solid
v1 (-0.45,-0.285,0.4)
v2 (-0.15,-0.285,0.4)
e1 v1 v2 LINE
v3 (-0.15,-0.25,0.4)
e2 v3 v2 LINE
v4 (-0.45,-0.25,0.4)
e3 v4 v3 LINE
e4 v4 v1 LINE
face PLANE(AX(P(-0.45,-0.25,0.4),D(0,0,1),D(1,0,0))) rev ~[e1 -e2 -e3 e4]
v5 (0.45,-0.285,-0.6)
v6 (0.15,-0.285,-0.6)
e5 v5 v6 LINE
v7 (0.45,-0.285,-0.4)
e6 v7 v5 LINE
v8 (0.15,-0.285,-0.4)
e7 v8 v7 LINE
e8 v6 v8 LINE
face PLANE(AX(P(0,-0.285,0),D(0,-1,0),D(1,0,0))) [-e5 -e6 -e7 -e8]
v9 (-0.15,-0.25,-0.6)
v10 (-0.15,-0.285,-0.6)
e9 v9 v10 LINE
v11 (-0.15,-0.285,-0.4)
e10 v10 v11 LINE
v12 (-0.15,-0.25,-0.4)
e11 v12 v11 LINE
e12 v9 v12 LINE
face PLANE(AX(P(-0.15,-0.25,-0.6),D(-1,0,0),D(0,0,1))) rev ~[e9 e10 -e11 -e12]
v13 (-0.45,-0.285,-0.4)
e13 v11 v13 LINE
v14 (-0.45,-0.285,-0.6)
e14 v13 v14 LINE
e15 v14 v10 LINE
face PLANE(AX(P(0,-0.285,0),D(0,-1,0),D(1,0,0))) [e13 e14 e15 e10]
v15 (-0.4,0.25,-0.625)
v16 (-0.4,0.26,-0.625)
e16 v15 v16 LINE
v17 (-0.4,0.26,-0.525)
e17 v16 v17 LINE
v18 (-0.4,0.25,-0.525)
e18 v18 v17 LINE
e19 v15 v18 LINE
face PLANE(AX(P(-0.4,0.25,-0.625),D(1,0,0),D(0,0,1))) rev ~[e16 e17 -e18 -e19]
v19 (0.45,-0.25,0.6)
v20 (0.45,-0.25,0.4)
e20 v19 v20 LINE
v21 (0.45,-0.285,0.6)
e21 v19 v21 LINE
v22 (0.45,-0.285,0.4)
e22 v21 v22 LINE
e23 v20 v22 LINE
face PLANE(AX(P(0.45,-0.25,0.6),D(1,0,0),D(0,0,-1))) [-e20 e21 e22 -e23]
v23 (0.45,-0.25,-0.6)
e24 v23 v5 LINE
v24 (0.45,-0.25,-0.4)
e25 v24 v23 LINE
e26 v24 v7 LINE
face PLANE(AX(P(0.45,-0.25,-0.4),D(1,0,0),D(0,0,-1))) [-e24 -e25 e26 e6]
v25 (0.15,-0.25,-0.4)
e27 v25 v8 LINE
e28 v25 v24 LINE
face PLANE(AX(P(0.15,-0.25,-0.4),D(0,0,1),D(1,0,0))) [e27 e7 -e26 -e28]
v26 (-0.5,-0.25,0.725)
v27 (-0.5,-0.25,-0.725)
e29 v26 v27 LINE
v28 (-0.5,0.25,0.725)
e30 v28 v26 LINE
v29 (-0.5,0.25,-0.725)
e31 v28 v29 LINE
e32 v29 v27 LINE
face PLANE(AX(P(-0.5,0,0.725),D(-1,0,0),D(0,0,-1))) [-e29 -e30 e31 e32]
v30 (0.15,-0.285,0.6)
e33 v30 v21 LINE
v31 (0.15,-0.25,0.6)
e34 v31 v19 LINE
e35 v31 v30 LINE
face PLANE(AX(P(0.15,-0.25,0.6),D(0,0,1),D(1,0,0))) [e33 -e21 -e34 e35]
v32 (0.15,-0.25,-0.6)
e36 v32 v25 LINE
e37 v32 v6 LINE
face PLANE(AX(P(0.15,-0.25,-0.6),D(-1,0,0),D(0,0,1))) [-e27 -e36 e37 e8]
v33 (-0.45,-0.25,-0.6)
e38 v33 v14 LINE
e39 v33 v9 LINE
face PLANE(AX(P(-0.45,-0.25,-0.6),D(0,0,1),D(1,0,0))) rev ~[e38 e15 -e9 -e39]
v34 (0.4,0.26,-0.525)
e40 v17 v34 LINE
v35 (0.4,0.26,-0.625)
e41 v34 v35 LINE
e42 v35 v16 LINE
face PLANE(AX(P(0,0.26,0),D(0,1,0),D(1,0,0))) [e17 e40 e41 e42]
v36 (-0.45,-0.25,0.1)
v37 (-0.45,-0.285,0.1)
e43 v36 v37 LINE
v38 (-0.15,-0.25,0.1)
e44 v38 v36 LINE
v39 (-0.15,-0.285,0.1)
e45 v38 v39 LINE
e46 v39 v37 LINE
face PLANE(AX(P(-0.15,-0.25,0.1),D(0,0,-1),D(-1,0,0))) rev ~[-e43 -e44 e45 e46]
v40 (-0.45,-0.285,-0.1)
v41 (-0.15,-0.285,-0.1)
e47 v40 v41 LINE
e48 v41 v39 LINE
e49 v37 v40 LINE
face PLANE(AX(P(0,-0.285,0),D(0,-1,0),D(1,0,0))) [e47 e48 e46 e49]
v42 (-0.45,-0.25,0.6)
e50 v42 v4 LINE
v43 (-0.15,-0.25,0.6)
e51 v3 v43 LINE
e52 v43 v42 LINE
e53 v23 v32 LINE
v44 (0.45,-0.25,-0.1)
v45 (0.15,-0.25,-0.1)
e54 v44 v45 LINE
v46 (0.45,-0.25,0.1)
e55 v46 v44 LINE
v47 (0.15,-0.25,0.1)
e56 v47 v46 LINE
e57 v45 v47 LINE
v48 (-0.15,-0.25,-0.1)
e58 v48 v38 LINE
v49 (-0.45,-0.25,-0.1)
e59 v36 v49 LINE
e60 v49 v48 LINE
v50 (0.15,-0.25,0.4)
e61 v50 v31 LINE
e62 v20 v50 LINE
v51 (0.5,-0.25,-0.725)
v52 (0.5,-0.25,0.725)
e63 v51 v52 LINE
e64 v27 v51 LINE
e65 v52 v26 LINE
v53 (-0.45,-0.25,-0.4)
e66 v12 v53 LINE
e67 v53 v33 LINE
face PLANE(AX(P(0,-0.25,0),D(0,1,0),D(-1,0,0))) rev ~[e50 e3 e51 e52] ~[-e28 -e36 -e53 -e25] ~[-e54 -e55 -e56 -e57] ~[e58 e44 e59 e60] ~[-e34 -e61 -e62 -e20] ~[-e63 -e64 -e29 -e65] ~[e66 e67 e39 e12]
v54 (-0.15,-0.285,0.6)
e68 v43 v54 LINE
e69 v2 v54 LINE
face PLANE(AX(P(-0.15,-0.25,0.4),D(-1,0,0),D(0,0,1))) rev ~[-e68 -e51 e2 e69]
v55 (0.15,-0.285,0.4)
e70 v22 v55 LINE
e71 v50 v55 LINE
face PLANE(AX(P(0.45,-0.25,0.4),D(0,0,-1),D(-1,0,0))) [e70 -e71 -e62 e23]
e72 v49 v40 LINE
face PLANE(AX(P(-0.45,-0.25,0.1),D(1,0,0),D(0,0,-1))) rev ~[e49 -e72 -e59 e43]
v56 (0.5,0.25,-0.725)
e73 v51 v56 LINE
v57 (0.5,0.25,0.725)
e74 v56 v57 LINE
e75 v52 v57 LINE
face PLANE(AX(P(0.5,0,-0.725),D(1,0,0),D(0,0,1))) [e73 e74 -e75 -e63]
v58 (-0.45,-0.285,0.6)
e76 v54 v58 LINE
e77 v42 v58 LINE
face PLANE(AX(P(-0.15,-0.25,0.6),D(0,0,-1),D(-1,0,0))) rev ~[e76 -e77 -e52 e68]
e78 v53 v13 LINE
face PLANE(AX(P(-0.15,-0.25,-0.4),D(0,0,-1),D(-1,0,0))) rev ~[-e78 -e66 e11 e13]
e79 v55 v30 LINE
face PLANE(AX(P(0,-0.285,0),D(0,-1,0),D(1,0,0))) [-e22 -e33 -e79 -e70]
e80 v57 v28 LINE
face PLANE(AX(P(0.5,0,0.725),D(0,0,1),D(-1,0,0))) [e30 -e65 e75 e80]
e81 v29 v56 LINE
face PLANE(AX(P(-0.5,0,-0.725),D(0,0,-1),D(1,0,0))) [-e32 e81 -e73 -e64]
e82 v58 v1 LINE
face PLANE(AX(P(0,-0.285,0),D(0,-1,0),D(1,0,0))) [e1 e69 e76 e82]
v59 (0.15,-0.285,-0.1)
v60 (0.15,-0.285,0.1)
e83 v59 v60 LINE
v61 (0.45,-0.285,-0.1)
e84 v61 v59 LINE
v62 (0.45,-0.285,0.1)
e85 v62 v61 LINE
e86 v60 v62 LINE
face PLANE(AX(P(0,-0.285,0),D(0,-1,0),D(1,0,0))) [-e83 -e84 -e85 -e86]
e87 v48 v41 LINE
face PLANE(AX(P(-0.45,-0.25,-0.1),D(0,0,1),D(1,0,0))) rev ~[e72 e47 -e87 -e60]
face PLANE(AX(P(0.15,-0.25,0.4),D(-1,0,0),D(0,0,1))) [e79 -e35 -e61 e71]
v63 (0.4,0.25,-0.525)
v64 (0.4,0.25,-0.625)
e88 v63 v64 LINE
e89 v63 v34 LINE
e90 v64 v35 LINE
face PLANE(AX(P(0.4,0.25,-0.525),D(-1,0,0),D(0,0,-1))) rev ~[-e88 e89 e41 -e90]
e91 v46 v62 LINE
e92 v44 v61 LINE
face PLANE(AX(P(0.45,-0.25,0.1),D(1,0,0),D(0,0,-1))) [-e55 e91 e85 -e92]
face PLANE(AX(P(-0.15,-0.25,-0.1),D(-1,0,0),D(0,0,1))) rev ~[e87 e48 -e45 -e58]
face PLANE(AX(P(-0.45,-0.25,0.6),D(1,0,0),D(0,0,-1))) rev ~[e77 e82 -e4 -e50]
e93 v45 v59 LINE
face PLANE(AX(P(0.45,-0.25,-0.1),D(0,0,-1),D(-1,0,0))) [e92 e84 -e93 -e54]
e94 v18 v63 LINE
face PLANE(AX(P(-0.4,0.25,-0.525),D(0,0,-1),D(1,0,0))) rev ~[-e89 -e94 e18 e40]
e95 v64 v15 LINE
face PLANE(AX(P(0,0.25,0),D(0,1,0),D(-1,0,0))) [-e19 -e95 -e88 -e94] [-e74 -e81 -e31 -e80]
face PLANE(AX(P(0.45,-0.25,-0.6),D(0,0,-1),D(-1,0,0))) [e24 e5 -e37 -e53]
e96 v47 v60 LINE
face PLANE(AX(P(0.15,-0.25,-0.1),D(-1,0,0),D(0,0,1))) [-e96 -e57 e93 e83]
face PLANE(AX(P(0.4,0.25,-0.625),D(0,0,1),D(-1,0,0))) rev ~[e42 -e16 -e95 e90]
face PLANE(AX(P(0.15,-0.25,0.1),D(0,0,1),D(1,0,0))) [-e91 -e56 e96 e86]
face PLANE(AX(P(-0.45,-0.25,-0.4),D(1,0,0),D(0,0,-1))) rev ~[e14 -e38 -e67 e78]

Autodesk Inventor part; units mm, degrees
ref_plane "YZ Plane" through (0, 0, 0) normal (1, 0, 0) x (0, 1, 0)
ref_plane "XZ Plane" through (0, 0, 0) normal (0, 1, 0) x (-1, 0, 0)
ref_plane "XY Plane" through (0, 0, 0) normal (0, 0, 1) x (1, 0, 0)
sketch "Sketch1" plane through (0, 0, 0) normal (0, 1, 0) x (-1, 0, 0)
  line L0 (-0.5, 0.725) -> (0.5, 0.725)
  line L1 (0.5, 0.725) -> (0.5, -0.725)
  line L2 (0.5, -0.725) -> (-0.5, -0.725)
  line L3 (-0.5, -0.725) -> (-0.5, 0.725)
  line L4 (-0.5, 0.725) -> (0.5, -0.725) construction
  line L5 (0.5, 0.725) -> (-0.5, -0.725) construction
  point P0 (0, 0)
  dimension "d0" = 1
  dimension "d1" = 1.45
extrude "Extrusion1" add sketch "Sketch1" along normal mid plane 0.5
sketch "Sketch2" plane through (0, -0.25, 0) normal (0, -1, 0) x (1, 0, 0)
  line L0 (0.5, 0.725) -> (-0.5, 0.725) projected
  line L1 (-0.5, 0.725) -> (-0.5, -0.725) projected
  line L2 (-0.5, -0.725) -> (0.5, -0.725) projected
  line L3 (0.5, -0.725) -> (0.5, 0.725) projected
  line L4 (0.5, -0.725) -> (-0.5, -0.725) projected
  line L5 (0.5, 0.725) -> (0.5, -0.725) projected
  line L6 (0.45, -0.6) -> (0.15, -0.6)
  line L7 (0.15, -0.6) -> (0.15, -0.4)
  line L8 (0.15, -0.4) -> (0.45, -0.4)
  line L9 (0.45, -0.4) -> (0.45, -0.6)
  line L10 (-0.5, 0.725) -> (0.5, 0.725) projected
  line L11 (-0.5, -0.725) -> (-0.5, 0.725) projected
  line L12 (-0.45, -0.6) -> (-0.15, -0.6)
  line L13 (-0.15, -0.6) -> (-0.15, -0.4)
  line L14 (-0.15, -0.4) -> (-0.45, -0.4)
  line L15 (-0.45, -0.4) -> (-0.45, -0.6)
  line L16 (0.45, -0.1) -> (0.15, -0.1)
  line L17 (0.15, -0.1) -> (0.15, 0.1)
  line L18 (0.15, 0.1) -> (0.45, 0.1)
  line L19 (0.45, 0.1) -> (0.45, -0.1)
  line L20 (-0.45, -0.1) -> (-0.15, -0.1)
  line L21 (-0.45, 0.1) -> (-0.45, -0.1)
  line L22 (-0.15, 0.1) -> (-0.45, 0.1)
  line L23 (-0.15, -0.1) -> (-0.15, 0.1)
  line L24 (0.45, 0.4) -> (0.15, 0.4)
  line L25 (0.15, 0.4) -> (0.15, 0.6)
  line L26 (0.15, 0.6) -> (0.45, 0.6)
  line L27 (0.45, 0.6) -> (0.45, 0.4)
  line L28 (-0.45, 0.4) -> (-0.15, 0.4)
  line L29 (-0.45, 0.6) -> (-0.45, 0.4)
  line L30 (-0.15, 0.6) -> (-0.45, 0.6)
  line L31 (-0.15, 0.4) -> (-0.15, 0.6)
  point P0 (0, 0)
  point P1 (0.5, 0)
  dimension "d8" = 0.3
  dimension "d9" = 0.2
  dimension "d20" = 0.5
  dimension "d71" = 0.35
  dimension "d72" = 0.35
extrude "Extrusion2" add sketch "Sketch2" along normal blind 0.035 contours L6 L7 L8 L9 | L15 L14 L13 L12 | L16 L17 L18 L19 | L21 L22 L23 L20 | L24 L25 L26 L27 | L29 L30 L31 L28
sketch "Sketch5" plane through (0, 0.25, 0) normal (0, 1, 0) x (1, 0, 0)
  line L0 (-0.5, -0.725) -> (0.5, -0.725) projected
  line L1 (0.5, -0.725) -> (0.5, 0.725) projected
  line L2 (0.5, 0.725) -> (-0.5, 0.725) projected
  line L3 (-0.5, 0.725) -> (-0.5, -0.725) projected
  line L4 (-0.5, 0.725) -> (-0.5, -0.725) construction
  line L5 (0.4, 0.625) -> (-0.4, 0.625)
  line L6 (-0.4, 0.625) -> (-0.4, 0.525)
  line L7 (-0.4, 0.525) -> (0.4, 0.525)
  line L8 (0.4, 0.525) -> (0.4, 0.625)
  circle A0 centre (-0.4, 0.625) radius 0.1 construction
  point P0 (0, 0.525)
  point P1 (0, 0.725)
  dimension "d73" = 0.8
  dimension "d74" = 0.1
extrude "Extrusion5" add sketch "Sketch5" along normal blind 0.01 contours L8 L7 L6 L5
equation "\"d72\" = d71"
properties part number "Semiconductor_UDFN-6" material "ABS Plastic"
